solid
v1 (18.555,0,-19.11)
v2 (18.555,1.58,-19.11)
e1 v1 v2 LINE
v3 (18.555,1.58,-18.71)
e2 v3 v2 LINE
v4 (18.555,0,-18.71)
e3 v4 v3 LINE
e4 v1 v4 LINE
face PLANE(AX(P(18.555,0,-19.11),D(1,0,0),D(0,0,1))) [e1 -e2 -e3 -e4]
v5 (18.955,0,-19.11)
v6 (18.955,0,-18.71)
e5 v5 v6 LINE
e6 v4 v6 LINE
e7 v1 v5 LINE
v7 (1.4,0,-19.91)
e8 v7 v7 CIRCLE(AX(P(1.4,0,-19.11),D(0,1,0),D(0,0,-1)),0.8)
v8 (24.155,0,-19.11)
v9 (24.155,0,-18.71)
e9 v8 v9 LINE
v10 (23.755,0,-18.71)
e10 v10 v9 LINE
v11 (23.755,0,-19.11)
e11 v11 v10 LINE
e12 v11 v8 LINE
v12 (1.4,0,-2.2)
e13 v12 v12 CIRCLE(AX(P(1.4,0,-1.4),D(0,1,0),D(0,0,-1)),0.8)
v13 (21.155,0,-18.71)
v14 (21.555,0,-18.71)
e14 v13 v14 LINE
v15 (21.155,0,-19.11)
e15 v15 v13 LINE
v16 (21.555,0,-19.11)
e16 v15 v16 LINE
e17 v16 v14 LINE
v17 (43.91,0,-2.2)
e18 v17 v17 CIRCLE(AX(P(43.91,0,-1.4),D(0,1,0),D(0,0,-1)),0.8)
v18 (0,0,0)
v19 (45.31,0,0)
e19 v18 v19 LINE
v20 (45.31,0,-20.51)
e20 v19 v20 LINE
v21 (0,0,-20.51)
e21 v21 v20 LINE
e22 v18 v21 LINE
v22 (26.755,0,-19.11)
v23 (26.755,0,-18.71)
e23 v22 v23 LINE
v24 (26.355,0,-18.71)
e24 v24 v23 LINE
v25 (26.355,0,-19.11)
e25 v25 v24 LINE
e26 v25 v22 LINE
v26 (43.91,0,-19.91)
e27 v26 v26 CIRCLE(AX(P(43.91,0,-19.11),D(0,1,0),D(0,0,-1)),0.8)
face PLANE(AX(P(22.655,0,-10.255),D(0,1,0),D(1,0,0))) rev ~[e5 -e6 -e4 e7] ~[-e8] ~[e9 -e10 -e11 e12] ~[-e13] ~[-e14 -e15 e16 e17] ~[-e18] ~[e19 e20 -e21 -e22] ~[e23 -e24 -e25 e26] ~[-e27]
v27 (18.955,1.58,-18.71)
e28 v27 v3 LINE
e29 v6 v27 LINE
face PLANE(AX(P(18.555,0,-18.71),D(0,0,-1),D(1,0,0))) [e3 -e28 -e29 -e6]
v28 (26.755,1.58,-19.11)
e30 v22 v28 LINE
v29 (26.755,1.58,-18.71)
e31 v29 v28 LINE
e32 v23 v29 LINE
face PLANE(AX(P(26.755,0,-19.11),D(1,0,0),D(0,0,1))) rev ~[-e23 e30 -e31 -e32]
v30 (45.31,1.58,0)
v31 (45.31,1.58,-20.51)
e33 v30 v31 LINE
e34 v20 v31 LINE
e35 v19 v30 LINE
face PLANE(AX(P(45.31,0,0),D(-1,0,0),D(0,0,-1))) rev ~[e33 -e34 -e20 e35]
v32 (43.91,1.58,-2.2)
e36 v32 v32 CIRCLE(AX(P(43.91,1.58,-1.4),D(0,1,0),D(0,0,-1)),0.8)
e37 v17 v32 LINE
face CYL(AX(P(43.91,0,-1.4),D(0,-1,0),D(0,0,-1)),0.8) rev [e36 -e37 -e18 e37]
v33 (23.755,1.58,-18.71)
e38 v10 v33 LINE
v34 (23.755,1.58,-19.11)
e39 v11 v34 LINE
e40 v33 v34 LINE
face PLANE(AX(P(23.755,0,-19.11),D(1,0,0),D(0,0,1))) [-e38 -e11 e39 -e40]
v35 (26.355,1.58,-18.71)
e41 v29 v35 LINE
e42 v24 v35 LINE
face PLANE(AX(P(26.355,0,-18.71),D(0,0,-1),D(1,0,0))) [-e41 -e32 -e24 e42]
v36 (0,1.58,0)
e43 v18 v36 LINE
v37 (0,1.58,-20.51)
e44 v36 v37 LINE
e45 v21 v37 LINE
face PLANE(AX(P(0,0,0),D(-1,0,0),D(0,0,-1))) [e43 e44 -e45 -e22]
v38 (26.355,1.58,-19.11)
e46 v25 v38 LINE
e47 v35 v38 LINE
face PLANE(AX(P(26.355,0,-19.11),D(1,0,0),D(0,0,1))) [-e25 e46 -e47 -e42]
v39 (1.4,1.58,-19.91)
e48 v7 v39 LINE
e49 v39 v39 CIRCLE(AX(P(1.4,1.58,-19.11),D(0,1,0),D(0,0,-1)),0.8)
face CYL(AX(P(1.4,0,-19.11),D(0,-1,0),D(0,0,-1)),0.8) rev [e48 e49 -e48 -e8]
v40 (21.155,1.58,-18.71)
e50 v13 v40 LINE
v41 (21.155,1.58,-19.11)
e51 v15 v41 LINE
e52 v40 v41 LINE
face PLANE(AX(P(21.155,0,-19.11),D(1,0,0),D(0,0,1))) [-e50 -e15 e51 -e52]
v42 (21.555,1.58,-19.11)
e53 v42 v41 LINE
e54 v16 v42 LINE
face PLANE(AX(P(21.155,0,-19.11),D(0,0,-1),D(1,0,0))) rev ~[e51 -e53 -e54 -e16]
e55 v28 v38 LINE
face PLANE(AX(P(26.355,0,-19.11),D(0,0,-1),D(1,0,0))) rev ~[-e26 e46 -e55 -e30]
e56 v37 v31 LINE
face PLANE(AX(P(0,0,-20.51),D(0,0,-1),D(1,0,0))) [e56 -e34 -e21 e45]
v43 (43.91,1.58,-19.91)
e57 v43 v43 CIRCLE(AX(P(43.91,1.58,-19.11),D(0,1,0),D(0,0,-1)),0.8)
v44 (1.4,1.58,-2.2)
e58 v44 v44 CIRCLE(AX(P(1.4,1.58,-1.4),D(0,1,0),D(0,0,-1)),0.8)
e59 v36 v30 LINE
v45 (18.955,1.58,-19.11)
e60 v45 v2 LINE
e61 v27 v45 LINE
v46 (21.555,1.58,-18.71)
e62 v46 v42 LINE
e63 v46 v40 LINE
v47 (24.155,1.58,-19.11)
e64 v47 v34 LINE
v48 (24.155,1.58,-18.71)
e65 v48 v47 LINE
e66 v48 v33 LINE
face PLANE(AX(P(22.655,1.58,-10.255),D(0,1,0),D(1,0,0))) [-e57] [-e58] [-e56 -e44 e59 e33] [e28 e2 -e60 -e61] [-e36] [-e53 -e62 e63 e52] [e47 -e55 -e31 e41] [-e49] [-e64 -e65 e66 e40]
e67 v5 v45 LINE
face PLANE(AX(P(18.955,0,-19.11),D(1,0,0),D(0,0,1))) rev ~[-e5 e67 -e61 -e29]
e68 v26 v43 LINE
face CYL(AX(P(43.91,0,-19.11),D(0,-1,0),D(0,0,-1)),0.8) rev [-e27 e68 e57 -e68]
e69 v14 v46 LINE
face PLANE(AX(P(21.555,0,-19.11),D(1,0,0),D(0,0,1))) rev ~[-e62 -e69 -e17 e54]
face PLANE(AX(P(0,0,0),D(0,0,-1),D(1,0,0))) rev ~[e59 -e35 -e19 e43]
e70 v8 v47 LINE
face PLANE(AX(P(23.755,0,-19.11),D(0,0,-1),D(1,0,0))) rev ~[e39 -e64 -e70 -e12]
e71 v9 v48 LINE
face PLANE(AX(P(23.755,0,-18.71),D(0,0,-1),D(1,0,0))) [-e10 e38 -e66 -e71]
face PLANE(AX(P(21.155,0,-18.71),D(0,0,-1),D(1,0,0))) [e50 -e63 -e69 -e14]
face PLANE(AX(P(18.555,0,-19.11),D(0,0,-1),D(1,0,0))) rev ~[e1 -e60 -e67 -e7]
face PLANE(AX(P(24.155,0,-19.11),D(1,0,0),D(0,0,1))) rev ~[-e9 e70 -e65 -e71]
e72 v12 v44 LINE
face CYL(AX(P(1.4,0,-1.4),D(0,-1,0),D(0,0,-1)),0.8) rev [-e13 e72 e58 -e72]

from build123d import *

# Parameters (mm, degrees)
CROQUIS1_W              = 45.31
CROQUIS1_H              = 20.51
CROQUIS1_R              = 0.8
SALIENTE_EXTRUIR1_DEPTH = 1.58
CROQUIS2_W              = 0.4
CROQUIS2_H              = 0.4
CORTAR_EXTRUIR1_DEPTH   = 50.760954573


with BuildPart() as part:
    # Croquis1 → Saliente-Extruir1 (new body)
    with BuildSketch(Plane(origin=(0, 0, 0), x_dir=(1, 0, 0), z_dir=(0, 1, 0))):
        with Locations((22.655, 10.255)):
            Rectangle(CROQUIS1_W, CROQUIS1_H)
        with Locations(Location((1.4, 19.11, 0), (0, 0, 90))):
            Circle(CROQUIS1_R, mode=Mode.SUBTRACT)
        with Locations(Location((43.91, 19.11, 0), (0, 0, 90))):
            Circle(CROQUIS1_R, mode=Mode.SUBTRACT)
        with Locations(Location((1.4, 1.4, 0), (0, 0, 90))):
            Circle(CROQUIS1_R, mode=Mode.SUBTRACT)
        with Locations(Location((43.91, 1.4, 0), (0, 0, 90))):
            Circle(CROQUIS1_R, mode=Mode.SUBTRACT)
    extrude(amount=SALIENTE_EXTRUIR1_DEPTH)

    # Croquis2 → Cortar-Extruir1 (cut, through all)
    with BuildSketch(Plane.XZ):
        with Locations((21.355, -18.91)):
            Rectangle(CROQUIS2_W, CROQUIS2_H)
        with Locations((18.755, -18.91)):
            Rectangle(CROQUIS2_W, CROQUIS2_H)
        with Locations((23.955, -18.91)):
            Rectangle(CROQUIS2_W, CROQUIS2_H)
        with Locations((26.555, -18.91)):
            Rectangle(CROQUIS2_W, CROQUIS2_H)
    extrude(amount=-CORTAR_EXTRUIR1_DEPTH, mode=Mode.SUBTRACT)


solid = part.part
